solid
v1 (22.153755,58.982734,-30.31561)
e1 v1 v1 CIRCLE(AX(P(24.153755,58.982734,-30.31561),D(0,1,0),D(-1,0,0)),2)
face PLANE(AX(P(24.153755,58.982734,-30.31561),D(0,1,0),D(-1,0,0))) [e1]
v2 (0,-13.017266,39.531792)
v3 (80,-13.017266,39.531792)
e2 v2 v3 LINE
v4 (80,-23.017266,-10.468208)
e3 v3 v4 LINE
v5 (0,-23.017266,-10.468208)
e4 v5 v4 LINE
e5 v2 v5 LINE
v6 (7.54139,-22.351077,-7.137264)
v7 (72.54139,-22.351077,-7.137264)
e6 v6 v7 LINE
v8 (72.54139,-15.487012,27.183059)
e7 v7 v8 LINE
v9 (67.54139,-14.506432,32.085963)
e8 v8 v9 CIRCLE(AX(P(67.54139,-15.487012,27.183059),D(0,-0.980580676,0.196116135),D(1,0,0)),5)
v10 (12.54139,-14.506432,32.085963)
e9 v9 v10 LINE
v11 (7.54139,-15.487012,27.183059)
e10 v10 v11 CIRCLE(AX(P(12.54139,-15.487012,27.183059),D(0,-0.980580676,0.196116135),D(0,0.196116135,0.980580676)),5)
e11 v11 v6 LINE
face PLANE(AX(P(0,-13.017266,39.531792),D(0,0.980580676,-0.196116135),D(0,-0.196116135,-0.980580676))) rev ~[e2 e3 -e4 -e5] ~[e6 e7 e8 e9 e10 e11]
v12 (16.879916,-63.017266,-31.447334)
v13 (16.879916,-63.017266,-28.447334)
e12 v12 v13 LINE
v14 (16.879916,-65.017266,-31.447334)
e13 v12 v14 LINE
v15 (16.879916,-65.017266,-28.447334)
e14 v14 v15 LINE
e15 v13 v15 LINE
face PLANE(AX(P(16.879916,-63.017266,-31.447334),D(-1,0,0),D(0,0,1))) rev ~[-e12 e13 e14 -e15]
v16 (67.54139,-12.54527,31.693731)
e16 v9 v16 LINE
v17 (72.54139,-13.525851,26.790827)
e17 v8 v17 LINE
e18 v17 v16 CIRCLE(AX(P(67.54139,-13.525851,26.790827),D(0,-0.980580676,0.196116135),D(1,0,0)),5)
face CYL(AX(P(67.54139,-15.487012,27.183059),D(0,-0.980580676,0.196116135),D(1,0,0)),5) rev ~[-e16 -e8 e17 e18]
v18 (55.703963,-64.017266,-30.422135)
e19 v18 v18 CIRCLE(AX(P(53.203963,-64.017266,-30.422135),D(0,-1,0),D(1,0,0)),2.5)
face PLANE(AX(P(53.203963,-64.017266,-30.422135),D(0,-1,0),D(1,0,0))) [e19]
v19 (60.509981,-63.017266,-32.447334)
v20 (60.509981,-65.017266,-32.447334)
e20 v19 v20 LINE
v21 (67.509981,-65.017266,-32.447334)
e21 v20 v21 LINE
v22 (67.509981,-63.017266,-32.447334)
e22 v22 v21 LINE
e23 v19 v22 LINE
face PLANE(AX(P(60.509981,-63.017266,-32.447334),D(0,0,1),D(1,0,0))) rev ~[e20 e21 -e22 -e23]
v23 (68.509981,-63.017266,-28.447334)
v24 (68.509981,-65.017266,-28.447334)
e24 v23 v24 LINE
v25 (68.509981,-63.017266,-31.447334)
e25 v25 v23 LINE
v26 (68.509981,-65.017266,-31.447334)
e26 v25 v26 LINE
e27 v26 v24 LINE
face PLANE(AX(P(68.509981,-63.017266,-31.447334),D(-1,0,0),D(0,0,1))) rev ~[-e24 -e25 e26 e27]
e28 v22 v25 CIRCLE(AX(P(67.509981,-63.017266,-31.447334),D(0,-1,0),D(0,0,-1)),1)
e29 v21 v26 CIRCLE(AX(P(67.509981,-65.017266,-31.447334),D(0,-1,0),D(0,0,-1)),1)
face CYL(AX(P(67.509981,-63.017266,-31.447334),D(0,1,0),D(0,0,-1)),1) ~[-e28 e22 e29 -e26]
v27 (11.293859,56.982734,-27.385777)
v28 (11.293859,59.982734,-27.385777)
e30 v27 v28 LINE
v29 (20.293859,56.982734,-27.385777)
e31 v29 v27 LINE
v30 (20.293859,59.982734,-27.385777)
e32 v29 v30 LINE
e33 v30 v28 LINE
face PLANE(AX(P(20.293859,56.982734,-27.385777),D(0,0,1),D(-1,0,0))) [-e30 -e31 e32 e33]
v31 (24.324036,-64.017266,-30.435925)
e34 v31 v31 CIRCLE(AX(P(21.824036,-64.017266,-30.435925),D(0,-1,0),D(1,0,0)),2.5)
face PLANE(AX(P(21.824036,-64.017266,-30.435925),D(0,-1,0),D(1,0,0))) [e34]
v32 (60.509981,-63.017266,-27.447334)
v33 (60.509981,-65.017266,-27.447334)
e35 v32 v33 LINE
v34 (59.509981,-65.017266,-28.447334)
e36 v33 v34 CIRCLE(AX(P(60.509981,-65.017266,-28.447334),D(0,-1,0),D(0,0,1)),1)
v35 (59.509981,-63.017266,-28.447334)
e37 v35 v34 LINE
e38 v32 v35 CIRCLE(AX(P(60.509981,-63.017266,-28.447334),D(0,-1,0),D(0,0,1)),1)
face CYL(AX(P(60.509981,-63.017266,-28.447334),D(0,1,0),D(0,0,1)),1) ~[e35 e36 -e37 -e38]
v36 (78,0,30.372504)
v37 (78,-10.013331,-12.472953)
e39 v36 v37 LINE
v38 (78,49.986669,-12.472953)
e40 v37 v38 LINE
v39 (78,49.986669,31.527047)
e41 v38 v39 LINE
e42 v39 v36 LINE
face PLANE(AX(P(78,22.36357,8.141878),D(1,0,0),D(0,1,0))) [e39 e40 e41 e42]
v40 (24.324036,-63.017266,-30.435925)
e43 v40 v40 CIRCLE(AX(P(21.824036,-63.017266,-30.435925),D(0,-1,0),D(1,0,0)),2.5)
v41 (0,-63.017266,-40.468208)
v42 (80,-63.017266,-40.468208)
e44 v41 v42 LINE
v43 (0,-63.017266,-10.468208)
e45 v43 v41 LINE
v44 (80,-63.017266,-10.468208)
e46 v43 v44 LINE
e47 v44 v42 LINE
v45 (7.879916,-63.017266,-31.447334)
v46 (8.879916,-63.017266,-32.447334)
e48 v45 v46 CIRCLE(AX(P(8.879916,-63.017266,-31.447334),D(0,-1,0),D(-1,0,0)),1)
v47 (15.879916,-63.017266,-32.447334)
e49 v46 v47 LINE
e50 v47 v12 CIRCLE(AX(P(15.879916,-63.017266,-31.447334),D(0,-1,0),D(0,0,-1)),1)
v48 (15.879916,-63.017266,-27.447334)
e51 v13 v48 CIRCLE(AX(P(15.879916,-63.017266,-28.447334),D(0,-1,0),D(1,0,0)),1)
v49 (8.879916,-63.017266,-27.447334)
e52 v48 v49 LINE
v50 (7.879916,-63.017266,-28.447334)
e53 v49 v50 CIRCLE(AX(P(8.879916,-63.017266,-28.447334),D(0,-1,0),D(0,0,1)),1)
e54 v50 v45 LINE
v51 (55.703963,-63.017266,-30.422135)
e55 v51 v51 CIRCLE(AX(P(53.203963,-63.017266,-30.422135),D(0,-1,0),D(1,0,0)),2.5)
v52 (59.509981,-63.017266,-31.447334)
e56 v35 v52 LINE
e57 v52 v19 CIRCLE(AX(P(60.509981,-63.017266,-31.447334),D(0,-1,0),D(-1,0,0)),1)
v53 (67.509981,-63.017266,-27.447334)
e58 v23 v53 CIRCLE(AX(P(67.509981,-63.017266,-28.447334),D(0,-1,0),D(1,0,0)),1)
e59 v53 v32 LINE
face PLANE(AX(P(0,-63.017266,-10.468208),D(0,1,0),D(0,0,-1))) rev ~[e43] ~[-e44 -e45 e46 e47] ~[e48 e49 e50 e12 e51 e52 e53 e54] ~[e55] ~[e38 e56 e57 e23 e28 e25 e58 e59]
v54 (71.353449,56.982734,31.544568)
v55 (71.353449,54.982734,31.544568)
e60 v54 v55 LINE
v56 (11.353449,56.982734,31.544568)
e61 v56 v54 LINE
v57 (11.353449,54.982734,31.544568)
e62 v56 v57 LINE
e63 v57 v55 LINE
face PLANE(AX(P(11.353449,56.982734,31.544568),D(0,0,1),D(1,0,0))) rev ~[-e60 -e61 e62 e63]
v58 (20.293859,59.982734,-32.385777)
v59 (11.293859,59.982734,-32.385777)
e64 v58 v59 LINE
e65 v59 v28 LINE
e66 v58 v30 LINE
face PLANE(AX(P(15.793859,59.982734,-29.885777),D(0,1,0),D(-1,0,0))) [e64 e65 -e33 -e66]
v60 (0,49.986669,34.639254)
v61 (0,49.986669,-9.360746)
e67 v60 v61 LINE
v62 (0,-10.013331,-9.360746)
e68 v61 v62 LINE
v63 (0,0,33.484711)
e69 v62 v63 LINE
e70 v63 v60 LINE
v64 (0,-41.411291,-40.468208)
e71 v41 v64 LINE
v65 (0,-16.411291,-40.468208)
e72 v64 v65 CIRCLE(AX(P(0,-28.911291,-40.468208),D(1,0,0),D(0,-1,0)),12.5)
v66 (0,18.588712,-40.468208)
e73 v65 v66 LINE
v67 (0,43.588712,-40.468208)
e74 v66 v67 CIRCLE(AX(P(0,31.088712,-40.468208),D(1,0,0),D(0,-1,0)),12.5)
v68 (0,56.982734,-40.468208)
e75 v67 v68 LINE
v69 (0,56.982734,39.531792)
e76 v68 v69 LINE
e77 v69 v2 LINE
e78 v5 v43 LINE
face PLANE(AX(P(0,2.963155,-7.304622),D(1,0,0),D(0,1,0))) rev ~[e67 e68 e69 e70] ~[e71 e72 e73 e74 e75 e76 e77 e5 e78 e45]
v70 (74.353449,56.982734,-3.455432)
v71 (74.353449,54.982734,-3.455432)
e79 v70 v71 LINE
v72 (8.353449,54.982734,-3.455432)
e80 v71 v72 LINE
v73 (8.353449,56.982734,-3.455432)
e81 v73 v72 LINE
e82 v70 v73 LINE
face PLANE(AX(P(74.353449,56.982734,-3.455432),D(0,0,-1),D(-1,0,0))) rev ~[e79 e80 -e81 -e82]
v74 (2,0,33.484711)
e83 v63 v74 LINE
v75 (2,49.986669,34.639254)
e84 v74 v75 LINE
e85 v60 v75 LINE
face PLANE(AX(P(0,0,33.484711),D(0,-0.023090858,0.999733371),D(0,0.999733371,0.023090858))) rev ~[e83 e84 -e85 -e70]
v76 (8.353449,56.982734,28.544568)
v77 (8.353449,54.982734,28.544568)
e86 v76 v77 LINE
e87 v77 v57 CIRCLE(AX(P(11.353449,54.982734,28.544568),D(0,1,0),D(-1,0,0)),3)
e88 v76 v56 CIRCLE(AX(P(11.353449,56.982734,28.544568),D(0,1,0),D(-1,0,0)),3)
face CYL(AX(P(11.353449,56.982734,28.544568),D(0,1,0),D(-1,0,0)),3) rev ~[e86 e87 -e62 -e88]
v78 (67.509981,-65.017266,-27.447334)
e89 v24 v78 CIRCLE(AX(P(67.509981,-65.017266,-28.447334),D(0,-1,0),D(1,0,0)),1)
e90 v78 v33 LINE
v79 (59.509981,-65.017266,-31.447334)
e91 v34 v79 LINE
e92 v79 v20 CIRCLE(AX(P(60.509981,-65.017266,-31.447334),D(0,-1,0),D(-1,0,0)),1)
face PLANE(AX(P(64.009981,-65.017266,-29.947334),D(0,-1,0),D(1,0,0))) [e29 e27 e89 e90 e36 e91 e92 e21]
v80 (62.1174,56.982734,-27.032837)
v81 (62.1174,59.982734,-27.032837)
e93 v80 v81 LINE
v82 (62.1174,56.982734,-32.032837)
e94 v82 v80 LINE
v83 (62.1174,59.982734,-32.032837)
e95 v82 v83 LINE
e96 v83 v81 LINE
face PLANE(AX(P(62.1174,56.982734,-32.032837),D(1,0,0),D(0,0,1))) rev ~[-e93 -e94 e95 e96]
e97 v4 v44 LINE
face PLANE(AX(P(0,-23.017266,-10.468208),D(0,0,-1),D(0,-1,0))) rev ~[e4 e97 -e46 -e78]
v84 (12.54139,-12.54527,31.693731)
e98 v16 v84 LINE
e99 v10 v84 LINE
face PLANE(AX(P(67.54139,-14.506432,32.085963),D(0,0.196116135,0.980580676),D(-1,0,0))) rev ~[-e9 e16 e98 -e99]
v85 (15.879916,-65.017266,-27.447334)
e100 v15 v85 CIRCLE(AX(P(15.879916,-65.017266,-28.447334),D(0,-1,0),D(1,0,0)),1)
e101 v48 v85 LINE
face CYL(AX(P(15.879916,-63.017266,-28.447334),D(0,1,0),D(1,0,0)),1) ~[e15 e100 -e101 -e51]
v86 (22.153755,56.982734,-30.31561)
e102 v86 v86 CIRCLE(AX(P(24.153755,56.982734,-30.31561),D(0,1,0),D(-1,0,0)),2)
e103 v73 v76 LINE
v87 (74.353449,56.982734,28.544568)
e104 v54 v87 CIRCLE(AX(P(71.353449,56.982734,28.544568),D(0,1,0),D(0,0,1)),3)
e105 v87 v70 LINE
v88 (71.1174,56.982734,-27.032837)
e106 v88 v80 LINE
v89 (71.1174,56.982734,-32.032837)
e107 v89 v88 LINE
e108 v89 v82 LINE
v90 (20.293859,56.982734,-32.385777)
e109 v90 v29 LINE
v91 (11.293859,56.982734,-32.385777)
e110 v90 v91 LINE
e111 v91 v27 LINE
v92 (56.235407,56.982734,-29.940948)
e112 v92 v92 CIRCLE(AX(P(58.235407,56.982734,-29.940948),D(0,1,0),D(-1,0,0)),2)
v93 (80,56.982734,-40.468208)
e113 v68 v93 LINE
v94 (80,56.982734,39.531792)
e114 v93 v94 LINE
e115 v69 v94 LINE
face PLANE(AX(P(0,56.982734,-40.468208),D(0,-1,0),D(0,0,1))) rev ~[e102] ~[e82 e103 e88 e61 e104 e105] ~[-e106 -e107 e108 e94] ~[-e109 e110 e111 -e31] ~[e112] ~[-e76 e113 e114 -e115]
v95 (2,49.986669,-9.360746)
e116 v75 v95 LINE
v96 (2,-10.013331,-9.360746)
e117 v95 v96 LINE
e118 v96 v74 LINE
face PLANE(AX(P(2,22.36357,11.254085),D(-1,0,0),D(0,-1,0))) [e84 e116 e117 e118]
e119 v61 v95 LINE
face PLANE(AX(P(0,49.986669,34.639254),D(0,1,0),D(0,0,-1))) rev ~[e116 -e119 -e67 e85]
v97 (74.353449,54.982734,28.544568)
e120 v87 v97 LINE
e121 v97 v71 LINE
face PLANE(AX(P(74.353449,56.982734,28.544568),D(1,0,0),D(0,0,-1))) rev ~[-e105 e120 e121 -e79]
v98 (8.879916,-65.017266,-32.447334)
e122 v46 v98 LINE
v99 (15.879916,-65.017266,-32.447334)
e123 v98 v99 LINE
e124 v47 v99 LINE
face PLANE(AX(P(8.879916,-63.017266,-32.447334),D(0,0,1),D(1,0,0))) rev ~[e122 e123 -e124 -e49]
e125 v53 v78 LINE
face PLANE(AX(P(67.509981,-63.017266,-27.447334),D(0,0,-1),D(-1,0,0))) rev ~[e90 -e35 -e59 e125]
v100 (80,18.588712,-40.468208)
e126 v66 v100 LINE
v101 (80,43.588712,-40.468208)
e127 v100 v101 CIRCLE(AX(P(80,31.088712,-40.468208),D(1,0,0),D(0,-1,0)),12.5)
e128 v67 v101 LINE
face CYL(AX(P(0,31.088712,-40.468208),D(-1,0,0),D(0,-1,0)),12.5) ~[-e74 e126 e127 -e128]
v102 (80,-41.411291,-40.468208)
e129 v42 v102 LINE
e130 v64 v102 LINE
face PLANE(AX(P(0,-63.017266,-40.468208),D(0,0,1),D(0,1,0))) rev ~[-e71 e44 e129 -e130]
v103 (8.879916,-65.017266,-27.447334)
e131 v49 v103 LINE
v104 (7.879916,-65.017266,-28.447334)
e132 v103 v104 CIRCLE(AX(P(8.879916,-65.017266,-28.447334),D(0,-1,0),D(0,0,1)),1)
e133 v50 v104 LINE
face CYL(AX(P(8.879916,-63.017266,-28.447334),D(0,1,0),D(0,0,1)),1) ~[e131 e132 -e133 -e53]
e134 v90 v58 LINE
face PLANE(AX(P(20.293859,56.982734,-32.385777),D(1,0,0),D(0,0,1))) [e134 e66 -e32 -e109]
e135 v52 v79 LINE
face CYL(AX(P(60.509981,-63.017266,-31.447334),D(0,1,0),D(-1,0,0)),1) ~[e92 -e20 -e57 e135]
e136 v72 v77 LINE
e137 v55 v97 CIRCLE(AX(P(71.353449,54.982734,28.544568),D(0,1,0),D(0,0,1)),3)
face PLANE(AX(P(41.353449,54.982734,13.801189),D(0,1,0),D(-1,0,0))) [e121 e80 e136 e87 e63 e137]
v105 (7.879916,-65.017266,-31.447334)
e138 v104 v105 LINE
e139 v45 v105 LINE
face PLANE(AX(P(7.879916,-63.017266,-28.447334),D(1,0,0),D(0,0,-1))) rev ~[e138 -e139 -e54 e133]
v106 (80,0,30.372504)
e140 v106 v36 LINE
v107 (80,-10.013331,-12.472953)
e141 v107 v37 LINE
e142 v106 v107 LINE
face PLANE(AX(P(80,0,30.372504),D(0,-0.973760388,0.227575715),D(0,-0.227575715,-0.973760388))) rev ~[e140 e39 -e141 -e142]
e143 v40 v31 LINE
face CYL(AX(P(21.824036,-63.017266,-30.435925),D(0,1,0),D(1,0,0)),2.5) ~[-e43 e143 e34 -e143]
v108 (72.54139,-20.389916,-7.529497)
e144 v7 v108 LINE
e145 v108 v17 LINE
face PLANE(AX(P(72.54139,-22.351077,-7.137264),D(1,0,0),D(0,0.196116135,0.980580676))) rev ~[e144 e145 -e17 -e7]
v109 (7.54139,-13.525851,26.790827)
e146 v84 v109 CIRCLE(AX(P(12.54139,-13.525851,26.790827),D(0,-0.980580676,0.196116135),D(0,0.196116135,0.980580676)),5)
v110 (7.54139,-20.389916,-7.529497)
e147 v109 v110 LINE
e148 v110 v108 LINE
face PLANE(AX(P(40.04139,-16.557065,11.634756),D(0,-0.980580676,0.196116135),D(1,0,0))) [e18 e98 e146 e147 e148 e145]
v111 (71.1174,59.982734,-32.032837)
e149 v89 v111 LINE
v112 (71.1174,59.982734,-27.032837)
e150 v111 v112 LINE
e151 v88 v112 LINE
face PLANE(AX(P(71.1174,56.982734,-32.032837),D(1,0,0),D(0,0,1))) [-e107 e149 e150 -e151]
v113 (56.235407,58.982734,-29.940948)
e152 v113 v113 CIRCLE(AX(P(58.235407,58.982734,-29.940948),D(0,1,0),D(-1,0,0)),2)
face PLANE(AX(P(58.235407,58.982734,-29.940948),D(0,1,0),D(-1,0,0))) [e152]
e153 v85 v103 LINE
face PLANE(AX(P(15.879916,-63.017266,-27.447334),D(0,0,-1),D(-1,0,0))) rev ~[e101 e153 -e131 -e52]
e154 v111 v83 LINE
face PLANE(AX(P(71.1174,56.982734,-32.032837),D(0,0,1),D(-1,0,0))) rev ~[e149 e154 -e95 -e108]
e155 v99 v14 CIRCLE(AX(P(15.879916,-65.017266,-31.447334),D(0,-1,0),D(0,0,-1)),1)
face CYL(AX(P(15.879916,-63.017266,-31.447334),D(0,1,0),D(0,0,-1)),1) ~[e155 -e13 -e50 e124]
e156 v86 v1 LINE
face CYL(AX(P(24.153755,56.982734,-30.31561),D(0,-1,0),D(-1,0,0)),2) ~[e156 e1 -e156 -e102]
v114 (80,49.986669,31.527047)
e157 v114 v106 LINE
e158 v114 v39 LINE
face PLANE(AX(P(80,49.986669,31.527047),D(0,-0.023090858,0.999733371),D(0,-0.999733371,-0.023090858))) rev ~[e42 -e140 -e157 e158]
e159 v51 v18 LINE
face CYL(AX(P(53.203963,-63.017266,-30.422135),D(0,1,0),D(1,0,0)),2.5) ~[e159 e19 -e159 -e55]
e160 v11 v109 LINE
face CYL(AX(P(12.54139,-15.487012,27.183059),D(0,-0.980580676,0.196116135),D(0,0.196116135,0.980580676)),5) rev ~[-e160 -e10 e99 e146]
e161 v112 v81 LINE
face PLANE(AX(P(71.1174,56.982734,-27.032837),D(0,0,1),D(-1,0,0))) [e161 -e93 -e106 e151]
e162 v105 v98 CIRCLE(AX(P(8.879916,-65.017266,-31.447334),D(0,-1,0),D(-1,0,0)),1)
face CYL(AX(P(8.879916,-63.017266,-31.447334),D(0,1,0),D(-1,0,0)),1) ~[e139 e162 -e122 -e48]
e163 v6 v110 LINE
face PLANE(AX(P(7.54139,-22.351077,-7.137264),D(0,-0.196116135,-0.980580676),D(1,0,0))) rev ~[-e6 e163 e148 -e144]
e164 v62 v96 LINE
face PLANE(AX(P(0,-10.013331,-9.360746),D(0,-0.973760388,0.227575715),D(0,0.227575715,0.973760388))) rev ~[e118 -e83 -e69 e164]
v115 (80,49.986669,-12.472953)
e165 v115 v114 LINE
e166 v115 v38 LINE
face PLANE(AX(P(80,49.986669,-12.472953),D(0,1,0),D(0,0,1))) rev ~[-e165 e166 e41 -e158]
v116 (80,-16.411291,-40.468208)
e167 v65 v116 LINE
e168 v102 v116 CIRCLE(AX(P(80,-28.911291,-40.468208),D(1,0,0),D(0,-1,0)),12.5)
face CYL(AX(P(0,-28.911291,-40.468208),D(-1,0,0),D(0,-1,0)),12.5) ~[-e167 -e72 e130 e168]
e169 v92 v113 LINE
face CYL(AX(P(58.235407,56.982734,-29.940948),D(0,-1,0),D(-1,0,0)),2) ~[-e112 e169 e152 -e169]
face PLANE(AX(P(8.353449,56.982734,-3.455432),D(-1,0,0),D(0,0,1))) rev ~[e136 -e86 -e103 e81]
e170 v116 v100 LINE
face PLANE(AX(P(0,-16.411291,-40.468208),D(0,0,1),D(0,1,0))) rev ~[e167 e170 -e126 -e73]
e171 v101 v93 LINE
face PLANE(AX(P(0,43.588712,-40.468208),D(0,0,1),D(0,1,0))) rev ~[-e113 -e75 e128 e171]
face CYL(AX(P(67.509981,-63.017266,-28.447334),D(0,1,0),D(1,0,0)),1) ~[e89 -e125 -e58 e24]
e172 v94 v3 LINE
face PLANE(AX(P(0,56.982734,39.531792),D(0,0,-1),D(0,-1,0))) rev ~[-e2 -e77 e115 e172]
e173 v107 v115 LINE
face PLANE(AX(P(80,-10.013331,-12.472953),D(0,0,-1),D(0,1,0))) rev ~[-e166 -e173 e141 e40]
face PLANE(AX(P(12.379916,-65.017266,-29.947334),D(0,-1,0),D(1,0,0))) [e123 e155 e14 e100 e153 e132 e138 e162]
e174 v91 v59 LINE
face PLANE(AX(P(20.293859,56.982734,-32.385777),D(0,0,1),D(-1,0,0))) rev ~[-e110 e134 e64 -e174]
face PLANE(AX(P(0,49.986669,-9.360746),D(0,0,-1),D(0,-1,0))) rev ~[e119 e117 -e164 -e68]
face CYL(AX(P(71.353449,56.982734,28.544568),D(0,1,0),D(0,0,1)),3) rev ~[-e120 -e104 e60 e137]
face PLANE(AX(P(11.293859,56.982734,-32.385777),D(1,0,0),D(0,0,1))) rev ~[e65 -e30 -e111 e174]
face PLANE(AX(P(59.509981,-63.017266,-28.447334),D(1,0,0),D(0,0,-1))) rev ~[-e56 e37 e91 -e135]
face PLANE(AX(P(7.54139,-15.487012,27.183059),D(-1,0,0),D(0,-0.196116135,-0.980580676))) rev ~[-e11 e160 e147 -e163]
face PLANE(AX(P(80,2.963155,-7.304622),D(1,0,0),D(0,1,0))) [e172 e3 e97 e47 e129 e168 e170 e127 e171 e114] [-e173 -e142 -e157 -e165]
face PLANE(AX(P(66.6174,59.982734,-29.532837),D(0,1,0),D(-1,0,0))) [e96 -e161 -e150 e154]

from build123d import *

# Parameters (mm, degrees)
F1_DEPTH  = 80
F3_DEPTH  = 2
F5_DEPTH  = 2
F7_DEPTH  = 2
F9_DEPTH  = 2
F10_R     = 2.5
F11_DEPTH = 1
F13_DEPTH = 2
F14_W     = 9
F14_H     = 5
F15_DEPTH = 3
F16_R     = 2
F17_DEPTH = 2


with BuildPart() as f1:
    # F0 (on Right) → F1 (new body)
    with BuildSketch(Plane.YZ):
        with BuildLine():
            Line((56.9827339551, -40.4682084375), (56.9827339551, 39.5317915625))
            Line((56.9827339551, 39.5317915625), (-13.0172660449, 39.5317915625))
            Line((-13.0172660449, 39.5317915625), (-23.0172660449, -10.4682084375))
            Line((-23.0172660449, -10.4682084375), (-63.0172660449, -10.4682084375))
            Line((-63.0172660449, -10.4682084375), (-63.0172660449, -40.4682084375))
            Line((-63.0172660449, -40.4682084375), (-41.4112906903, -40.4682084375))
            ThreePointArc((-41.4112906903, -40.4682084375), (-28.9112906903, -27.9682084375), (-16.4112906903, -40.4682084375))
            Line((-16.4112906903, -40.4682084375), (18.5887116939, -40.4682084375))
            ThreePointArc((18.5887116939, -40.4682084375), (31.0887116939, -27.9682084375), (43.5887116939, -40.4682084375))
            Line((43.5887116939, -40.4682084375), (56.9827339551, -40.4682084375))
        make_face()
        with BuildLine():
            Line((-41.4112906903, -40.4682084375), (-16.4112906903, -40.4682084375))
            ThreePointArc((-16.4112906903, -40.4682084375), (-28.9112906903, -27.9682084375), (-41.4112906903, -40.4682084375))
        make_face()
        with BuildLine():
            ThreePointArc((-41.4112906903, -40.4682084375), (-28.9112906903, -52.9682084375), (-16.4112906903, -40.4682084375))
            Line((-16.4112906903, -40.4682084375), (-41.4112906903, -40.4682084375))
        make_face()
        with BuildLine():
            ThreePointArc((18.5887116939, -40.4682084375), (31.0887116939, -52.9682084375), (43.5887116939, -40.4682084375))
            Line((43.5887116939, -40.4682084375), (18.5887116939, -40.4682084375))
        make_face()
        with BuildLine():
            Line((18.5887116939, -40.4682084375), (43.5887116939, -40.4682084375))
            ThreePointArc((43.5887116939, -40.4682084375), (31.0887116939, -27.9682084375), (18.5887116939, -40.4682084375))
        make_face()
    extrude(amount=F1_DEPTH)

    # F2 (on face) → F3 (cut)
    with BuildSketch(Plane.YZ.offset(80)):
        Polygon((49.9866685293, 31.5270468074), (0, 30.3725038928), (-10.0133314707, -12.4729531926), (49.9866685293, -12.4729531926), align=None)
    extrude(amount=-F3_DEPTH, mode=Mode.SUBTRACT)

    # F4 (on face) → F5 (cut)
    with BuildSketch(Plane(origin=(0, 0, 0), x_dir=(0, -1, 0), z_dir=(-1, 0, 0))):
        Polygon((10.0133314707, -9.3607458684), (0, 33.484711217), (-49.9866685293, 34.6392541316), (-49.9866685293, -9.3607458684), align=None)
    extrude(amount=-F5_DEPTH, mode=Mode.SUBTRACT)

    # F6 (on face) → F7 (cut)
    with BuildSketch(Plane(origin=(0, -20.1188695744, 4.0237739149), x_dir=(1, 0, 0), z_dir=(0, -0.9805806757, 0.1961161351))):
        with BuildLine():
            ThreePointArc((12.5413901359, 28.6179297172), (9.00585623, 27.1534636231), (7.5413901359, 23.6179297172))
            Line((7.5413901359, 23.6179297172), (7.5413901359, -11.3820702828))
            Line((7.5413901359, -11.3820702828), (72.5413901359, -11.3820702828))
            Line((72.5413901359, -11.3820702828), (72.5413901359, 23.6179297172))
            ThreePointArc((72.5413901359, 23.6179297172), (71.0769240418, 27.1534636231), (67.5413901359, 28.6179297172))
            Line((67.5413901359, 28.6179297172), (12.5413901359, 28.6179297172))
        make_face()
    extrude(amount=-F7_DEPTH, mode=Mode.SUBTRACT)

    # F8 (on face) → F9 (join)
    with BuildSketch(Plane.XZ.offset(63.0172660449)):
        with BuildLine():
            ThreePointArc((16.8799156292, -28.4473337126), (16.5870224104, -27.7402269314), (15.8799156292, -27.4473337126))
            Line((15.8799156292, -27.4473337126), (8.8799156292, -27.4473337126))
            ThreePointArc((8.8799156292, -27.4473337126), (8.172808848, -27.7402269314), (7.8799156292, -28.4473337126))
            Line((7.8799156292, -28.4473337126), (7.8799156292, -31.4473337126))
            ThreePointArc((7.8799156292, -31.4473337126), (8.172808848, -32.1544404937), (8.8799156292, -32.4473337126))
            Line((8.8799156292, -32.4473337126), (15.8799156292, -32.4473337126))
            ThreePointArc((15.8799156292, -32.4473337126), (16.5870224104, -32.1544404937), (16.8799156292, -31.4473337126))
            Line((16.8799156292, -31.4473337126), (16.8799156292, -28.4473337126))
        make_face()
        with BuildLine():
            ThreePointArc((68.5099807539, -28.4473337126), (68.2170875351, -27.7402269314), (67.5099807539, -27.4473337126))
            Line((67.5099807539, -27.4473337126), (60.5099807539, -27.4473337126))
            ThreePointArc((60.5099807539, -27.4473337126), (59.8028739727, -27.7402269314), (59.5099807539, -28.4473337126))
            Line((59.5099807539, -28.4473337126), (59.5099807539, -31.4473337126))
            ThreePointArc((59.5099807539, -31.4473337126), (59.8028739727, -32.1544404937), (60.5099807539, -32.4473337126))
            Line((60.5099807539, -32.4473337126), (67.5099807539, -32.4473337126))
            ThreePointArc((67.5099807539, -32.4473337126), (68.2170875351, -32.1544404937), (68.5099807539, -31.4473337126))
            Line((68.5099807539, -31.4473337126), (68.5099807539, -28.4473337126))
        make_face()
    extrude(amount=F9_DEPTH)

    # F10 (on face) → F11 (join)
    with BuildSketch(Plane.XZ.offset(63.0172660449)):
        with Locations((21.8240363776, -30.4359253496)):
            Circle(F10_R)
        with Locations((53.2039631238, -30.4221354475)):
            Circle(F10_R)
    extrude(amount=F11_DEPTH)

    # F12 (on face) → F13 (cut)
    with BuildSketch(Plane(origin=(0, 56.9827339551, 0), x_dir=(-1, 0, 0), z_dir=(0, 1, 0))):
        with BuildLine():
            Line((-11.3534486648, 31.5445680549), (-71.3534486648, 31.5445680549))
            ThreePointArc((-71.3534486648, 31.5445680549), (-73.4747690083, 30.6658883985), (-74.3534486648, 28.5445680549))
            Line((-74.3534486648, 28.5445680549), (-74.3534486648, -3.4554319451))
            Line((-74.3534486648, -3.4554319451), (-8.3534486648, -3.4554319451))
            Line((-8.3534486648, -3.4554319451), (-8.3534486648, 28.5445680549))
            ThreePointArc((-8.3534486648, 28.5445680549), (-9.2321283212, 30.6658883985), (-11.3534486648, 31.5445680549))
        make_face()
    extrude(amount=-F13_DEPTH, mode=Mode.SUBTRACT)

    # F14 (on face) → F15 (join)
    with BuildSketch(Plane(origin=(0, 56.9827339551, 0), x_dir=(-1, 0, 0), z_dir=(0, 1, 0))):
        with Locations((-66.6173999912, -29.532836911)):
            Rectangle(F14_W, F14_H)
        with Locations((-15.7938591157, -29.8857766254)):
            Rectangle(F14_W, F14_H)
    extrude(amount=F15_DEPTH)

    # F16 (on face) → F17 (join)
    with BuildSketch(Plane(origin=(0, 56.9827339551, 0), x_dir=(-1, 0, 0), z_dir=(0, 1, 0))):
        with Locations((-24.1537547966, -30.3156095468)):
            Circle(F16_R)
        with Locations((-58.2354065123, -29.9409476741)):
            Circle(F16_R)
    extrude(amount=F17_DEPTH)


solid = f1.part
